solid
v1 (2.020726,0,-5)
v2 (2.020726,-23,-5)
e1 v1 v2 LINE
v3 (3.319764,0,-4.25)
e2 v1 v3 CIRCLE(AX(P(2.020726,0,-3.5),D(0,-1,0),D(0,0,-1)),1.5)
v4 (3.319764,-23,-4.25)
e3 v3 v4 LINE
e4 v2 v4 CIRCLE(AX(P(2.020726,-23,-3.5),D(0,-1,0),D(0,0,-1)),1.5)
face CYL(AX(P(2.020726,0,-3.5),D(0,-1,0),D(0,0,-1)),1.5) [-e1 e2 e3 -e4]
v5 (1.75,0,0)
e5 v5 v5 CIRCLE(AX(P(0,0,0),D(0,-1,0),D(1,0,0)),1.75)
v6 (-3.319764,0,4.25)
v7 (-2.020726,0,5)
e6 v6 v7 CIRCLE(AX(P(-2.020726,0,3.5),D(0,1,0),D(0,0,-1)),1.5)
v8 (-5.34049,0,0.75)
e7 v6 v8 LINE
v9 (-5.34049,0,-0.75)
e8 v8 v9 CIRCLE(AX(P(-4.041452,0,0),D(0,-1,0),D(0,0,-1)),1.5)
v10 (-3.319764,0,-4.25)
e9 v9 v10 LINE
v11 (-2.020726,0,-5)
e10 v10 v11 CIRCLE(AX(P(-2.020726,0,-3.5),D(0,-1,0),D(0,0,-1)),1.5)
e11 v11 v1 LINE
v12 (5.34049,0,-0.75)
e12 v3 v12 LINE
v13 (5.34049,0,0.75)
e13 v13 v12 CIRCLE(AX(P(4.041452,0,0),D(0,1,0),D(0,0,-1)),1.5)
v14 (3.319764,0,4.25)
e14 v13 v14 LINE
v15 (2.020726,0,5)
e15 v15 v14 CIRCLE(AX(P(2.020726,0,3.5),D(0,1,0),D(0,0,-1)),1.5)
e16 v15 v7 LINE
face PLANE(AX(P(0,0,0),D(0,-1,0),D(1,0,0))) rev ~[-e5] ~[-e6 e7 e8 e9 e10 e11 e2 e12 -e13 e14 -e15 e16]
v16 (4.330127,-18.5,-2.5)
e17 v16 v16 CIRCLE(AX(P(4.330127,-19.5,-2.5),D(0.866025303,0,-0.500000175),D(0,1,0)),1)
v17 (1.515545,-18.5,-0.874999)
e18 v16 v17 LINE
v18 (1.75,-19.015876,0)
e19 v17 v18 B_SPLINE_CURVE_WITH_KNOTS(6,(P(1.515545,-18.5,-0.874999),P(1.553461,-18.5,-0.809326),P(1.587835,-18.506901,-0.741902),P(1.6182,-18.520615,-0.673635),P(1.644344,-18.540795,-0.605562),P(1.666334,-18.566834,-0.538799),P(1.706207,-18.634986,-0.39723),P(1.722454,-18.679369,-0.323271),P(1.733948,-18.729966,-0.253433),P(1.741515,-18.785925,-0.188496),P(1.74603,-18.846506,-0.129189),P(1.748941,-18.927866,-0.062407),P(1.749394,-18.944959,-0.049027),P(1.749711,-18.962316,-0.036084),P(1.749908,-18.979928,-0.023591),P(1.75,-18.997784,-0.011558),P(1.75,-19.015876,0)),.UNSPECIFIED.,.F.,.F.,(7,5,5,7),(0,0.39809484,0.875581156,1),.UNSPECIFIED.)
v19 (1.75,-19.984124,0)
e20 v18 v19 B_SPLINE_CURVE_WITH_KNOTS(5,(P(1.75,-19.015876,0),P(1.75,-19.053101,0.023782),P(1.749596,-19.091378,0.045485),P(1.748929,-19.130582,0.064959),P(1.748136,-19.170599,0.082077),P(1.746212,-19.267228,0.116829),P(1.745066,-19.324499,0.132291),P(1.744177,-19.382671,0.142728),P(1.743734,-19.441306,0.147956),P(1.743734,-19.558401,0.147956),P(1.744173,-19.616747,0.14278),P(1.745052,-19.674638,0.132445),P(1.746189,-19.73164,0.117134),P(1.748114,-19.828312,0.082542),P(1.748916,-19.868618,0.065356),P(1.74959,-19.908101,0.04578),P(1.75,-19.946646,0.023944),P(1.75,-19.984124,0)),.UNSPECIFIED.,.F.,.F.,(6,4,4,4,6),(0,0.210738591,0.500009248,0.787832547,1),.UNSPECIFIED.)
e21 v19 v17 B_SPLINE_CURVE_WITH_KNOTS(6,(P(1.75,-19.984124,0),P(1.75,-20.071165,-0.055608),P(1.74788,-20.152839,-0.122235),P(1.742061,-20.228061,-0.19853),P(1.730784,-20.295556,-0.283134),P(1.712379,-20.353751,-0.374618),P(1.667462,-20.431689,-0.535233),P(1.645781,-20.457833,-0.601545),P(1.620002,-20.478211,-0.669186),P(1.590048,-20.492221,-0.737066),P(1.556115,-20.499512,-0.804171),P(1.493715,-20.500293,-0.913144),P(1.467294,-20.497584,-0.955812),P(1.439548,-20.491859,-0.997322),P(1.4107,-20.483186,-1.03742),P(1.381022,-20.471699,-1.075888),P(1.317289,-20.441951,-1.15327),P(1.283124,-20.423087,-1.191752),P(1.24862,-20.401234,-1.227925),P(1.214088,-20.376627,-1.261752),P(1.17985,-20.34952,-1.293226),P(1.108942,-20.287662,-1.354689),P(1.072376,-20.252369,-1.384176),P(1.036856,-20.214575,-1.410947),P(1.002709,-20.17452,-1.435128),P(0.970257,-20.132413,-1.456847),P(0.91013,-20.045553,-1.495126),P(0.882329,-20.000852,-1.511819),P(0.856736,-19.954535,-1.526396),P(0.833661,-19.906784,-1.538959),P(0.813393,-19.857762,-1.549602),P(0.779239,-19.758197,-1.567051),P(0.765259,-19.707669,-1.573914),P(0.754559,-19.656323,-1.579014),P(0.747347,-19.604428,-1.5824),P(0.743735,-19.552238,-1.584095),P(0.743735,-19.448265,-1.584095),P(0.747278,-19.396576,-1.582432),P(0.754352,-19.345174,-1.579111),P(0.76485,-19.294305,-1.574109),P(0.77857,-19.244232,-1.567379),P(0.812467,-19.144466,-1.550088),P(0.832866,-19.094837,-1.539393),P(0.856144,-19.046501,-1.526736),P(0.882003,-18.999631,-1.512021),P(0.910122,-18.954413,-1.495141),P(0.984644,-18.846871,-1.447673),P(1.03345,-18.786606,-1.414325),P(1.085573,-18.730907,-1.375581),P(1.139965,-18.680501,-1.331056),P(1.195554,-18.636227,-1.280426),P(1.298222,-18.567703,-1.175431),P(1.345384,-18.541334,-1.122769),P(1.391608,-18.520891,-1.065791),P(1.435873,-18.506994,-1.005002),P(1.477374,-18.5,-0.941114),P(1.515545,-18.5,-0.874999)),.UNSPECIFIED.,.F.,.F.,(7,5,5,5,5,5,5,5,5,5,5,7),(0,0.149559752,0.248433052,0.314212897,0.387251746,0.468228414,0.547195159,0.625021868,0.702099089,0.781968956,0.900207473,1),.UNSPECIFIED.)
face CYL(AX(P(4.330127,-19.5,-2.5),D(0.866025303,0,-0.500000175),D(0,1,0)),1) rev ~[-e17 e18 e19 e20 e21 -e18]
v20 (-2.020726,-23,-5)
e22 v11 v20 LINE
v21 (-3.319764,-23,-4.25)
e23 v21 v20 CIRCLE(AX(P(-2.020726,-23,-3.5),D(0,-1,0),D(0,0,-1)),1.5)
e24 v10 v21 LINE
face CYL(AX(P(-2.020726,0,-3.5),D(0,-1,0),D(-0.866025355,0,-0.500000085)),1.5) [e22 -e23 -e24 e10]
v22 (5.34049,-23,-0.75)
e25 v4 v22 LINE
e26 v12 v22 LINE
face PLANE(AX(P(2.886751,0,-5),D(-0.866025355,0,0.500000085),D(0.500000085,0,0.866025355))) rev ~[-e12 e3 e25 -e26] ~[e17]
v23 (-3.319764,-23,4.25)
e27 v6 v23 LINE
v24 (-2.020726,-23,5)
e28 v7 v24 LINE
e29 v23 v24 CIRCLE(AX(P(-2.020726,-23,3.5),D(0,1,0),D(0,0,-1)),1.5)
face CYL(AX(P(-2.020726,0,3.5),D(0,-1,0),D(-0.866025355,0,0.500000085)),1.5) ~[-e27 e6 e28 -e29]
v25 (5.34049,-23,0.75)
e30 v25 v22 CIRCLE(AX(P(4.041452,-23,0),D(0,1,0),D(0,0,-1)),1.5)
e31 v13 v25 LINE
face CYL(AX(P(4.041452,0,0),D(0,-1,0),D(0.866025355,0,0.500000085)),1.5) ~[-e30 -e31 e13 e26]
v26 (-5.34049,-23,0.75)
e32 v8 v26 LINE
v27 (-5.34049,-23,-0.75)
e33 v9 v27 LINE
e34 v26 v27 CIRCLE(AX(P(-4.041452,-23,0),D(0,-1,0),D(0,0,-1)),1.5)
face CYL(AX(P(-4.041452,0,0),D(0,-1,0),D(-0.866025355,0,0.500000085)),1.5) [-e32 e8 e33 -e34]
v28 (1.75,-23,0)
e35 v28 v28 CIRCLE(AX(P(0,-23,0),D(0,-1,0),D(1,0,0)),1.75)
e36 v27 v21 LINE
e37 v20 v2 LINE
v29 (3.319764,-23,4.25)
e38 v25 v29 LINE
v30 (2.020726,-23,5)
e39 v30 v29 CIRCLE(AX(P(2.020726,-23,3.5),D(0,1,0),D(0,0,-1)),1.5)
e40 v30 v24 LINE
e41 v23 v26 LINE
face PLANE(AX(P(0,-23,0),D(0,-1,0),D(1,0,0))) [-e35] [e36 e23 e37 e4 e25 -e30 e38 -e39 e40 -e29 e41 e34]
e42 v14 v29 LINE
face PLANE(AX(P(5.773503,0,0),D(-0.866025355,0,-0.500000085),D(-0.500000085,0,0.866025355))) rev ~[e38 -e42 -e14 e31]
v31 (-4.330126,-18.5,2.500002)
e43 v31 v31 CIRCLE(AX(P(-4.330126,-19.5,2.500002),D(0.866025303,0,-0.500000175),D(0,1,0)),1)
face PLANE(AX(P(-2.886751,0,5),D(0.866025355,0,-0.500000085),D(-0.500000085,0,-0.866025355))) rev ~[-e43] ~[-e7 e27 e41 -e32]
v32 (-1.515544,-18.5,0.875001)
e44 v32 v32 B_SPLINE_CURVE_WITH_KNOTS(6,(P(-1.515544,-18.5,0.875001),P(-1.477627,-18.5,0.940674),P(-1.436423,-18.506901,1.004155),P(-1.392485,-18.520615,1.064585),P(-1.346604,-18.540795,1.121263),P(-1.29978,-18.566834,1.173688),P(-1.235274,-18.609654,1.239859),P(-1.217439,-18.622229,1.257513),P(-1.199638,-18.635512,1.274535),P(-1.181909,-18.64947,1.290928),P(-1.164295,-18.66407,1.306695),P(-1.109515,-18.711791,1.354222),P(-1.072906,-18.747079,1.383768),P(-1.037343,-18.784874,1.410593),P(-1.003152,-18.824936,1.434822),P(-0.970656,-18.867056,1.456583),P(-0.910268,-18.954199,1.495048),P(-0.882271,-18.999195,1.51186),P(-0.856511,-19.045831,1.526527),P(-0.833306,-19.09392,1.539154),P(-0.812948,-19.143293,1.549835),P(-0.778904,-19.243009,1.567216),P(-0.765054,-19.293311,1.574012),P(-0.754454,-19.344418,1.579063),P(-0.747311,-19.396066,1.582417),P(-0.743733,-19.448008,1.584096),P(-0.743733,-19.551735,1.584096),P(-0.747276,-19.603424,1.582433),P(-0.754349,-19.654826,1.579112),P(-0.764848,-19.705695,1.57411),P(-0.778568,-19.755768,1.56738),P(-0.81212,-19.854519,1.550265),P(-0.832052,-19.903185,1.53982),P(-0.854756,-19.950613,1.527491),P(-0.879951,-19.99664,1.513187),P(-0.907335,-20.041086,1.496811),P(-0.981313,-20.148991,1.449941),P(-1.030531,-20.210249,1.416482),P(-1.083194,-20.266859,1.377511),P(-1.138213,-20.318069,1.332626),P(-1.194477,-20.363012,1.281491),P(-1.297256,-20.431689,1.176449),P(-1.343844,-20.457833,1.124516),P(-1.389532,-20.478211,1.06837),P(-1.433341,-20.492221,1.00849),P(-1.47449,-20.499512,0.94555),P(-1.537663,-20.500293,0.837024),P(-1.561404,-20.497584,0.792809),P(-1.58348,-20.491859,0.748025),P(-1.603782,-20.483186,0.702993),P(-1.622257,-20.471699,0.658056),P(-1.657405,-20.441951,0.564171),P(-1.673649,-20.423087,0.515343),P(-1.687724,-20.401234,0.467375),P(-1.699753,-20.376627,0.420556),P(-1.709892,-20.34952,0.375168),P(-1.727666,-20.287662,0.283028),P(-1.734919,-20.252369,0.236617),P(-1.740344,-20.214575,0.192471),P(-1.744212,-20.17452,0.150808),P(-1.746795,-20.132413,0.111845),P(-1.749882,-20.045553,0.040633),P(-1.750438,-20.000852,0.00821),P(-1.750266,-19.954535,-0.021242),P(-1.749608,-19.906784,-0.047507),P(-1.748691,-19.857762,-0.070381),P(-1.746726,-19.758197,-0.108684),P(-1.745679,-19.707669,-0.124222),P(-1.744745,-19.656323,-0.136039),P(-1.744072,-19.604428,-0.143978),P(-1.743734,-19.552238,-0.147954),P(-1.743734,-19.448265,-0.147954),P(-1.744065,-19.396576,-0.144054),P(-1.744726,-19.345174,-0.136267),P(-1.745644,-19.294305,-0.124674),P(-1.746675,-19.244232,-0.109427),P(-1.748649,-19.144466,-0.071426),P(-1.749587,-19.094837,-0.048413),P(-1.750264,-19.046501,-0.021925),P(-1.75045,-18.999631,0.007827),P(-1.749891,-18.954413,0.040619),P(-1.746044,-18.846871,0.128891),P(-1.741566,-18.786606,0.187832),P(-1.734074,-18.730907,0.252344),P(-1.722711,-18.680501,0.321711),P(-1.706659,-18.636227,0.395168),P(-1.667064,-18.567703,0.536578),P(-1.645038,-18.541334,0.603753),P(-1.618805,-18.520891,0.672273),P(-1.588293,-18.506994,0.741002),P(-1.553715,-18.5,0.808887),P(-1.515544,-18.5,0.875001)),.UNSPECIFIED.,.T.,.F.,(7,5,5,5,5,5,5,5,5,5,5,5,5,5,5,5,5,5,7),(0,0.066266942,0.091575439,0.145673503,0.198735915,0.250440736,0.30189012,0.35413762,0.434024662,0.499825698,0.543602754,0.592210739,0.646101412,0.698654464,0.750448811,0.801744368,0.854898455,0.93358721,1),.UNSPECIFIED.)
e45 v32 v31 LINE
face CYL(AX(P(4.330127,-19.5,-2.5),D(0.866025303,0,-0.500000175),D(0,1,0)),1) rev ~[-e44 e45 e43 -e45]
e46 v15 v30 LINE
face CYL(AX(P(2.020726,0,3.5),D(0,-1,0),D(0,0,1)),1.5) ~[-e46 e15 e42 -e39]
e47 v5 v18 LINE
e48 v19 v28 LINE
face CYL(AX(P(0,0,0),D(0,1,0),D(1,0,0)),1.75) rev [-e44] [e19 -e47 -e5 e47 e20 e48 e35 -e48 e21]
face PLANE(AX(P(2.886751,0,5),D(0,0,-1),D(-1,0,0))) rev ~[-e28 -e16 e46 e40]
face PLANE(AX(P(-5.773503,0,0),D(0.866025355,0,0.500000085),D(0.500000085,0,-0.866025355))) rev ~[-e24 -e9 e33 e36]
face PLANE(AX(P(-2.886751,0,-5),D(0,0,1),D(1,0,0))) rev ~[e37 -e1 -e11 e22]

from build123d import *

# Parameters (mm, degrees)
F0_R     = 1.75
F1_DEPTH = 23
F2_R     = 1.5
F3_R     = 1
F4_DEPTH = 10


with BuildPart() as f1:
    # F0 (on Front) → F1 (new body)
    with BuildSketch(Plane.XZ):
        Polygon((-2.886751, 5), (-5.773503, 0), (-2.886751, -5), (2.886751, -5), (5.773503, 0), (2.886751, 5), align=None)
        Circle(F0_R, mode=Mode.SUBTRACT)
    extrude(amount=F1_DEPTH)

    # F2
    f2_edges = [f1.edges().sort_by_distance(p)[0] for p in [
        (2.886751, -11.5, 5),
        (-2.886751, -11.5, 5),
        (5.773503, -11.5, 0),
        (2.886751, -11.5, -5),
        (-2.886751, -11.5, -5),
        (-5.773503, -11.5, 0),
    ]]
    fillet(f2_edges, radius=F2_R)

    # F3 (on face) → F4 (cut, through all)
    with BuildSketch(Plane(origin=(4.330127, 0, -2.5), x_dir=(0, 1, 0), z_dir=(0.866025, 0, -0.5))):
        with Locations((-19.5, 0)):
            Circle(F3_R)
    extrude(amount=-F4_DEPTH, mode=Mode.SUBTRACT)


solid = f1.part
